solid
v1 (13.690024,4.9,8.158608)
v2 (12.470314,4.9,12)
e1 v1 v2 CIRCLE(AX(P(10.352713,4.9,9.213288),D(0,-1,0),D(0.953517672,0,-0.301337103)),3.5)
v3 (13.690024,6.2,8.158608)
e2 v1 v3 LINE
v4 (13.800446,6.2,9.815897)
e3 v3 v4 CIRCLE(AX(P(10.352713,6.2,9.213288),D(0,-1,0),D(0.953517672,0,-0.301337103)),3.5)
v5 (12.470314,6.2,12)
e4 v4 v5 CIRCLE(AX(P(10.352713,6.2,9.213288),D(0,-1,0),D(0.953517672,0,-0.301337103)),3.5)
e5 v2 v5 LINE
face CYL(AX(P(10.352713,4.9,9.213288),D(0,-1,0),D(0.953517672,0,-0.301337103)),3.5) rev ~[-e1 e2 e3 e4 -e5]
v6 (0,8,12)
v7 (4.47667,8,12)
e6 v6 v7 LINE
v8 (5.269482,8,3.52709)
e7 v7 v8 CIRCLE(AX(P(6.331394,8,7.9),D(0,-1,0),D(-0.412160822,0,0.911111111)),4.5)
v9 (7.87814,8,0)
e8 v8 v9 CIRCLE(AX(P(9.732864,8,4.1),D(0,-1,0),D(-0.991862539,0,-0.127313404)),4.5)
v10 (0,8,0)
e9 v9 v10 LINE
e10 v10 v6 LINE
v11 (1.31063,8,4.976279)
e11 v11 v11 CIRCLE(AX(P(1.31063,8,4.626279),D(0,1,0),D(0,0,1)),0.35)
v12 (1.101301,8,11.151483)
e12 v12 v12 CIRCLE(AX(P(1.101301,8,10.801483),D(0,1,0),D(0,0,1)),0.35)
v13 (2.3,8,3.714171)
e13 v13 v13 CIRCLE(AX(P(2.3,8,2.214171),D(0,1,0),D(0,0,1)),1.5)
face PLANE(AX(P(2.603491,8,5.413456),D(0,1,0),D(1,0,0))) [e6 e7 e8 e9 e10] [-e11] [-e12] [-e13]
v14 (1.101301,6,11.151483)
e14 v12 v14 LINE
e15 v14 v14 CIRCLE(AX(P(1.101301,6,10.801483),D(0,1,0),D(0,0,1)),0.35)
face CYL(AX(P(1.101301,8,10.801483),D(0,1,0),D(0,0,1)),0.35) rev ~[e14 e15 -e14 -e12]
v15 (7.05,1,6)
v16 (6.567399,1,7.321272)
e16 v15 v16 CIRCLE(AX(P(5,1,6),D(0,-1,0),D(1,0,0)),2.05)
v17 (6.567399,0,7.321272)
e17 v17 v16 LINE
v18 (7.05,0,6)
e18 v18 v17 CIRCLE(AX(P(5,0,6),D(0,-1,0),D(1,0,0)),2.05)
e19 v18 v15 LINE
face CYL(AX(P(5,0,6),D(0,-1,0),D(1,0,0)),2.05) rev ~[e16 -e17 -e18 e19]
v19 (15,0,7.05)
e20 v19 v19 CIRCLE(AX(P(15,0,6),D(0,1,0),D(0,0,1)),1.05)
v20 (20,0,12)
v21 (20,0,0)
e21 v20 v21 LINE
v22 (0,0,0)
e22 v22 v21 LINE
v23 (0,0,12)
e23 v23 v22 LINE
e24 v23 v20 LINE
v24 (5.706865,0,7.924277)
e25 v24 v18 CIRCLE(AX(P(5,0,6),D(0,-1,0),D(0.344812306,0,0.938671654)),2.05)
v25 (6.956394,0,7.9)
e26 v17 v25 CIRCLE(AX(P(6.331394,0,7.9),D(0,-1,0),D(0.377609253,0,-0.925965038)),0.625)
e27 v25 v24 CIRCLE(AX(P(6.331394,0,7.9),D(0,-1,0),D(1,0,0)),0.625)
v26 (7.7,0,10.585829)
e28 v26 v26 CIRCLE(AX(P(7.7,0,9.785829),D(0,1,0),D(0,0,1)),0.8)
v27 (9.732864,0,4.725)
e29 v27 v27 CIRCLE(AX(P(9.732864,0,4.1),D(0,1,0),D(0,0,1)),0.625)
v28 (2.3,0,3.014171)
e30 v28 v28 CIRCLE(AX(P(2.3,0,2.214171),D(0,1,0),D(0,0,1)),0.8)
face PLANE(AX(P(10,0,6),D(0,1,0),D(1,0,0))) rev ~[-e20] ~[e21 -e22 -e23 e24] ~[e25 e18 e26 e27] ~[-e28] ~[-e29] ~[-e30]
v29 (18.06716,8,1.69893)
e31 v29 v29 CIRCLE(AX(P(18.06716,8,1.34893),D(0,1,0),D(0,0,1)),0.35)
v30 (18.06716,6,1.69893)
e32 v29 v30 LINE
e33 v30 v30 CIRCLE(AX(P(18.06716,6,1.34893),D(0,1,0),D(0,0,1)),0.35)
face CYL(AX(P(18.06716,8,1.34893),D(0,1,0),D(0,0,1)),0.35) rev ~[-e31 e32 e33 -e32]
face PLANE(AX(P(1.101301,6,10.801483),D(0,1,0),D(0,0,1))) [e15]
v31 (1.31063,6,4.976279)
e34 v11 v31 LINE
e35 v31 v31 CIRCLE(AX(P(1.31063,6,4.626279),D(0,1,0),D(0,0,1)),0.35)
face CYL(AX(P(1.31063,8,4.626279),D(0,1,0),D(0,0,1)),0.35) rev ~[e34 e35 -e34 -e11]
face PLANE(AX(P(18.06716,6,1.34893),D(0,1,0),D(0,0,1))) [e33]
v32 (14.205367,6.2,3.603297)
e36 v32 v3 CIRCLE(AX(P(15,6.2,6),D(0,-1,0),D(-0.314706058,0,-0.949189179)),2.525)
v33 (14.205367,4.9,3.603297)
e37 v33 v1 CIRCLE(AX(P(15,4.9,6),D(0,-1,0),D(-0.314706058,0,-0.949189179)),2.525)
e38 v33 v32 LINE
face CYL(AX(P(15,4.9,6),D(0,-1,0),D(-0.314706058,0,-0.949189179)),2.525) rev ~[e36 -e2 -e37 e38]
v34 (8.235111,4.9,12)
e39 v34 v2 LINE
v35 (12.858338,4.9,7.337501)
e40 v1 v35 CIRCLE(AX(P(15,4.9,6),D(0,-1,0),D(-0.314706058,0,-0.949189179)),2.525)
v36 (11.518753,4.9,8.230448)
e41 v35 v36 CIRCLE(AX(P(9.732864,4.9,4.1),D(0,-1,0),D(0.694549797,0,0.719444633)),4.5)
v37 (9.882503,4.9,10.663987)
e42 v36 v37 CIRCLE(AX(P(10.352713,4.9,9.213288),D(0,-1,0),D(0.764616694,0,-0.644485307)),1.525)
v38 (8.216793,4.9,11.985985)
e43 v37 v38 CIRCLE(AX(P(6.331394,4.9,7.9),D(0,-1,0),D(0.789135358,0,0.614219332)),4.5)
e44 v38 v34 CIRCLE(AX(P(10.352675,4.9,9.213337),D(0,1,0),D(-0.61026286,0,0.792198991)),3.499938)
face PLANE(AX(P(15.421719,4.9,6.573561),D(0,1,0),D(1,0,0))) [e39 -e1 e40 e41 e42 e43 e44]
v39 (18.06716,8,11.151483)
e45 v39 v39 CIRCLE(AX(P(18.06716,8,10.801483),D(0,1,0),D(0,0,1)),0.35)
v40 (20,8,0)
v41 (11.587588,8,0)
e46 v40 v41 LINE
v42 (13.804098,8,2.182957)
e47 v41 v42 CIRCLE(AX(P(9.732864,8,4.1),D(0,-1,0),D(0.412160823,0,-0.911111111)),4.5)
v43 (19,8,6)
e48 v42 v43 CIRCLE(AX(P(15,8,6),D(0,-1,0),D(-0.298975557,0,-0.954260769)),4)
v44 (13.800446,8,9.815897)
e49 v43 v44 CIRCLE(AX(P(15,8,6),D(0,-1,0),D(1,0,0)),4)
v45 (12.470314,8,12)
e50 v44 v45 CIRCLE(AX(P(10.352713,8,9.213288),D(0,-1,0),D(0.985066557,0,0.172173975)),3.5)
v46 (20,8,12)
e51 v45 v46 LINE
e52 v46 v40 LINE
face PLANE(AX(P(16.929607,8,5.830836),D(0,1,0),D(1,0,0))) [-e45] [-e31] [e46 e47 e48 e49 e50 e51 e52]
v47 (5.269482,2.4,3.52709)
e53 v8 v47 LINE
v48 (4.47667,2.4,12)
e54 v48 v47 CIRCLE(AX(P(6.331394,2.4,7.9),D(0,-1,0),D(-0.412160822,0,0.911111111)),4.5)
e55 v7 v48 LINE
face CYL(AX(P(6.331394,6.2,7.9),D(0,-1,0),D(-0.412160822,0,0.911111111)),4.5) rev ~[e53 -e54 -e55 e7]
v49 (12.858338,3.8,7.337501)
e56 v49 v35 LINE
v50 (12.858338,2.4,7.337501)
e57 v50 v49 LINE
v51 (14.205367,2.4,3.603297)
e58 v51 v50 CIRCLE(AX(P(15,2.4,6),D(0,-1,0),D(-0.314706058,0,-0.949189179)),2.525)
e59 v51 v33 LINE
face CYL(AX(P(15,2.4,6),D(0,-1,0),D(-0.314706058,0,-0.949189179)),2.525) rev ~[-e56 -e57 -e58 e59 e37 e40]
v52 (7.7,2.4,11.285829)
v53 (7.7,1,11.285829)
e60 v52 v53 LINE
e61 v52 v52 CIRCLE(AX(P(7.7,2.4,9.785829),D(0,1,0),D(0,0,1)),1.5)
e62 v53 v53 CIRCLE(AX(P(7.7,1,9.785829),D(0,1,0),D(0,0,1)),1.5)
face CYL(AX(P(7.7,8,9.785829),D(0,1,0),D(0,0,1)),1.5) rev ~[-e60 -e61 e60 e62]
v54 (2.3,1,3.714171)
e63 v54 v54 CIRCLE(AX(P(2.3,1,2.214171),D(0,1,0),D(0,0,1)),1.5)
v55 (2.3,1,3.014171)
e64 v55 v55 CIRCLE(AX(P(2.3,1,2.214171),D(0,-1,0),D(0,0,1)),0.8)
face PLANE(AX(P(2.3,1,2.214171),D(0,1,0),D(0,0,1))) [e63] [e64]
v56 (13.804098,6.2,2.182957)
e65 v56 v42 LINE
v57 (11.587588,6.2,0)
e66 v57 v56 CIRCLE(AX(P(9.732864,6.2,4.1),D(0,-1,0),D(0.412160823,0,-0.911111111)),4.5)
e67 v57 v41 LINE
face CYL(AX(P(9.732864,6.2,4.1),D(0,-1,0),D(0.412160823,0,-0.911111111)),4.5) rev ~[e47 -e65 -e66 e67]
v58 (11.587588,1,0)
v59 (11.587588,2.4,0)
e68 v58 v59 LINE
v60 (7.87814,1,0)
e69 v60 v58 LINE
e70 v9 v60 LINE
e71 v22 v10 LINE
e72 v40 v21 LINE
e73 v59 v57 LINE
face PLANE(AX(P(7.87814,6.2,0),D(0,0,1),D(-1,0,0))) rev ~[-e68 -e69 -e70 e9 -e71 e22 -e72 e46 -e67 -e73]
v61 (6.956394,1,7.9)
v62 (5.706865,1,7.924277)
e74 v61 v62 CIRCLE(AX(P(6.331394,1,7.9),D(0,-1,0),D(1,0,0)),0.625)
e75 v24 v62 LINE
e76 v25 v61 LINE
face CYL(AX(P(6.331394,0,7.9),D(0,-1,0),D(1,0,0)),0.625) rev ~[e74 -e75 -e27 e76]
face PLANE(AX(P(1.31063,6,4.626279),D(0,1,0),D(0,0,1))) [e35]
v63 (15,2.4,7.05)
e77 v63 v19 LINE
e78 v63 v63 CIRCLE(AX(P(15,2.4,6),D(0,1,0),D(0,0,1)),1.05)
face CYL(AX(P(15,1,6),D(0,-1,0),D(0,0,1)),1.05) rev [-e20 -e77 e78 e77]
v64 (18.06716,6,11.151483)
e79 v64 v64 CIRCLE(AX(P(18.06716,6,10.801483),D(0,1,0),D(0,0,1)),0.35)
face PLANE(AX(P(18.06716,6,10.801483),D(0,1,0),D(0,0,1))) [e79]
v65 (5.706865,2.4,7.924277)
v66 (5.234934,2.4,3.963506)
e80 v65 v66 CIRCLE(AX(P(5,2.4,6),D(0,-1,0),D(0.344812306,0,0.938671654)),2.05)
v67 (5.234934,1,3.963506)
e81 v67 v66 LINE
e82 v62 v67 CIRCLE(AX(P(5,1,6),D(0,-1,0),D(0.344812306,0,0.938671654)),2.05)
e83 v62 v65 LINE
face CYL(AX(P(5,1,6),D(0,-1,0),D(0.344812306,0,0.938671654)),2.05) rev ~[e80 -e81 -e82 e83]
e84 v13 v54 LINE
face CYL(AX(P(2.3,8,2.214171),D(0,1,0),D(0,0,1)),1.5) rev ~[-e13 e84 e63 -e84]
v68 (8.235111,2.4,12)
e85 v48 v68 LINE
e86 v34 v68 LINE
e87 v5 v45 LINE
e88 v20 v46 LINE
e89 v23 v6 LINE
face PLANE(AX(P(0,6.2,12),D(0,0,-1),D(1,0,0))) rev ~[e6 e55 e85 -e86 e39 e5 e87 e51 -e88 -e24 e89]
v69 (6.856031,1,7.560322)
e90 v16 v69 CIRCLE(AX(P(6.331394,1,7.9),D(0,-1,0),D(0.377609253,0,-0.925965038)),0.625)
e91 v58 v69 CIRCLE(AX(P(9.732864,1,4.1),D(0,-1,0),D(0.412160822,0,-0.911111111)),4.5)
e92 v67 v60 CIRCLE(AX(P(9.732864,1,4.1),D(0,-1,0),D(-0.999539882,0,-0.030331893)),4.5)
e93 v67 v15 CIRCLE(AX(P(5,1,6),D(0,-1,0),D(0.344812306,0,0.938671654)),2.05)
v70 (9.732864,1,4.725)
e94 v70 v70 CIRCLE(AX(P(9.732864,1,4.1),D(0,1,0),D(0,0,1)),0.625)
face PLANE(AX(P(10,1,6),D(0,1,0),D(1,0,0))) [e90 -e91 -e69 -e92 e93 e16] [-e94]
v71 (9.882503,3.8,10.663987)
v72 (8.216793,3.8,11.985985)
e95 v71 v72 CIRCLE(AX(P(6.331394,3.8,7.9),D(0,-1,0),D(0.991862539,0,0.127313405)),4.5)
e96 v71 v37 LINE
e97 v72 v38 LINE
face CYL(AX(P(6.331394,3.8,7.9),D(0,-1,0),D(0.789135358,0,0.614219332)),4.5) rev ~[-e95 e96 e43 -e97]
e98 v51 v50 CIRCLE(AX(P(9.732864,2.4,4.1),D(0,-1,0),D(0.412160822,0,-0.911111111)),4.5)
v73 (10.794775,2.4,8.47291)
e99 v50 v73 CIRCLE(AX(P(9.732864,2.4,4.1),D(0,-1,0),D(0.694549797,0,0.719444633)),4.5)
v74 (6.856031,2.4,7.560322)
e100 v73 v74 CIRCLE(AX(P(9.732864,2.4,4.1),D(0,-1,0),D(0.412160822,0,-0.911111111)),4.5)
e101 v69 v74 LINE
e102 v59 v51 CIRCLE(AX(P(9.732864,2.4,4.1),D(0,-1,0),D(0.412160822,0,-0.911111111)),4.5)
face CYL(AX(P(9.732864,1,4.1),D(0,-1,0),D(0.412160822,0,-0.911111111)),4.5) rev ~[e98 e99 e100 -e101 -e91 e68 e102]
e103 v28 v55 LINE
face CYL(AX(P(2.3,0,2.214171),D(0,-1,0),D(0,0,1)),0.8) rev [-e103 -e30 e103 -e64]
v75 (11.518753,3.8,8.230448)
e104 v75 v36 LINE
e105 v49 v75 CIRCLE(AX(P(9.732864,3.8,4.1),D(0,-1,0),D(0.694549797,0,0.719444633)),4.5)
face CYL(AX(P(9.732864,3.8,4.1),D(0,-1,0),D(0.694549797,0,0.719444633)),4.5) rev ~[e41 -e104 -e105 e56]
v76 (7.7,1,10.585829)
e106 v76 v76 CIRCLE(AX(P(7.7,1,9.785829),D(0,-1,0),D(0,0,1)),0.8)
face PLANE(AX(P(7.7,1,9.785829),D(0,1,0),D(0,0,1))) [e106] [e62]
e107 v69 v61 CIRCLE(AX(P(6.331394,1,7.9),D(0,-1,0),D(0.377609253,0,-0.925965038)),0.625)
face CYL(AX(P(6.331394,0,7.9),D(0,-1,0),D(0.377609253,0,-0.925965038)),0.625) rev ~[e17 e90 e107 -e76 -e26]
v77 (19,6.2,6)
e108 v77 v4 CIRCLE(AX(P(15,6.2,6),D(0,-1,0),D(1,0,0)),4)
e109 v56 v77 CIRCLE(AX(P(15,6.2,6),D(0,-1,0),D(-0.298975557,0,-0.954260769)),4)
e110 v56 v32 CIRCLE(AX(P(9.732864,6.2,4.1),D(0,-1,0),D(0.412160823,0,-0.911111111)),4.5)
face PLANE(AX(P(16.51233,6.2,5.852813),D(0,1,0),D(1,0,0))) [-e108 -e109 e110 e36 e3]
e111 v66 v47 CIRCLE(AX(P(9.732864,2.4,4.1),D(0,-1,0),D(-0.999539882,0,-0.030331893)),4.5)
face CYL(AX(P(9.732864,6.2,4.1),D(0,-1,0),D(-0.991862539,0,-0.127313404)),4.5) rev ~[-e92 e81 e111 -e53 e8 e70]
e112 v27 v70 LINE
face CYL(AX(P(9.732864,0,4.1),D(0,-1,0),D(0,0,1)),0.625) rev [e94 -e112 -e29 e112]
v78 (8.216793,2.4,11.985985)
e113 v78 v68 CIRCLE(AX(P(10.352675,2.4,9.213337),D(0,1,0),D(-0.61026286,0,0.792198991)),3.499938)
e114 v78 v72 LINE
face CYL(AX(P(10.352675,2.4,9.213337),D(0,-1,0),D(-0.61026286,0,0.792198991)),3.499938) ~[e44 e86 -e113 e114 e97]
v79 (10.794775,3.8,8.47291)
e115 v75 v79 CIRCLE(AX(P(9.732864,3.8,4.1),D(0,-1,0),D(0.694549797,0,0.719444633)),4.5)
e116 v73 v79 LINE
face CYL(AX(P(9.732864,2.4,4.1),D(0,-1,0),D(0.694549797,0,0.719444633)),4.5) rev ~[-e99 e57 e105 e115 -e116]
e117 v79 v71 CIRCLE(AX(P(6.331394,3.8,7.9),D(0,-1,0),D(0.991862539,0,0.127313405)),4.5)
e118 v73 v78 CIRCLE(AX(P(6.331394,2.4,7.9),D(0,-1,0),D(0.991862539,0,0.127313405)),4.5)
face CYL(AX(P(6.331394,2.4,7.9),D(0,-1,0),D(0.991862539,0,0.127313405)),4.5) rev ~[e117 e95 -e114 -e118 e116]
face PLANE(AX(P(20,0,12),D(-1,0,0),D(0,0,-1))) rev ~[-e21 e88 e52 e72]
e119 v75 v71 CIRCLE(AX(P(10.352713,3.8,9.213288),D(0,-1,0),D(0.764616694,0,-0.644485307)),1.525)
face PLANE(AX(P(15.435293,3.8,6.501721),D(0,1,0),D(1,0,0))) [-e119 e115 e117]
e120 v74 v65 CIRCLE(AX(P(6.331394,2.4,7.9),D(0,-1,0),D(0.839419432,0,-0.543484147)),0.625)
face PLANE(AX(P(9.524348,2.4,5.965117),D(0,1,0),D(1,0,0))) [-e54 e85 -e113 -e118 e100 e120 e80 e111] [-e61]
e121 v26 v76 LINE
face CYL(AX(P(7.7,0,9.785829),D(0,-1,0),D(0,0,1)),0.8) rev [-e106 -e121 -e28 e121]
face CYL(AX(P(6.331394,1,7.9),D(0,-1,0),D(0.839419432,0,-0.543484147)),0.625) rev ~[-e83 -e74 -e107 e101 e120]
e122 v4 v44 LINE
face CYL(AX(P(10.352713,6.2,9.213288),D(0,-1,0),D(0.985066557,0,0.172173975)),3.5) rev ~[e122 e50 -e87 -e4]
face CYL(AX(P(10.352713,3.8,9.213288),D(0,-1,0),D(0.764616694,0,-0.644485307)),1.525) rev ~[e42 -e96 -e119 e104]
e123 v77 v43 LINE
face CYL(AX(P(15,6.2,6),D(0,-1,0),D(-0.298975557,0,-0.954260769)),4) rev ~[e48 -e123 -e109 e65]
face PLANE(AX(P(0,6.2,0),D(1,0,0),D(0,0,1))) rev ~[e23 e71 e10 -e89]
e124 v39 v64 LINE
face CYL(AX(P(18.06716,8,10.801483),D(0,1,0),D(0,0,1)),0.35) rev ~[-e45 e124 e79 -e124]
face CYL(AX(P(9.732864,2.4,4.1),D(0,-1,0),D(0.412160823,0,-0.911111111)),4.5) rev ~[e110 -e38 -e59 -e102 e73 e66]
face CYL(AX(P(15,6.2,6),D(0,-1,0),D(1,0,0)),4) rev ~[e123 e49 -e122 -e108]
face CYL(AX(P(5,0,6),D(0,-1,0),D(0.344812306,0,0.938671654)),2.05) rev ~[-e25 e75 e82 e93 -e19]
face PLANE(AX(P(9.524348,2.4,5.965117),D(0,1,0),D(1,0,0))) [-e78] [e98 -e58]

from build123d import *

# Parameters (mm, degrees)
SKETCH_1_W           = 20
SKETCH_1_H           = 12
SKETCH_1_R           = 0.625
SKETCH_1_R_2         = 1.05
EXTRUDE_1_DEPTH      = 1
SKETCH_3_R           = 1.05
EXTRUDE_5_DEPTH      = 1.4
EXTRUDE_START        = 1.4
EXTRUDE_6_DEPTH      = 1.4
EXTRUDE_START_2      = 2.8
EXTRUDE_7_DEPTH      = 1.1
EXTRUDE_START_3      = 3.9
EXTRUDE_8_DEPTH      = 1.3
EXTRUDE_START_4      = 5.2
EXTRUDE_9_DEPTH      = 1.8
SKETCH_5_R           = 0.8
CUT_EXTRUDE_9_DEPTH  = 25.657656012
CUT_EXTRUDE_START    = 8
SKETCH_5_7_R         = 1.5
CUT_EXTRUDE_10_DEPTH = 7
SKETCH_6_R           = 0.35
CUT_EXTRUDE_11_DEPTH = 2


with BuildPart() as part:
    # 草图1 → 凸台-拉伸1 (new body)
    with BuildSketch(Plane(origin=(0, 0, 0), x_dir=(1, 0, 0), z_dir=(0, 1, 0))):
        with Locations((10, -6)):
            Rectangle(SKETCH_1_W, SKETCH_1_H)
        with BuildLine():
            ThreePointArc((5.706865228, -7.92427689), (3.318992309, -4.826665802), (7.05, -6))
            ThreePointArc((7.05, -6), (6.925573765, -6.70332473), (6.567399341, -7.321271852))
            ThreePointArc((6.567399341, -7.321271852), (6.850107647, -7.55134445), (6.956393556, -7.9))
            ThreePointArc((6.956393556, -7.9), (6.343534292, -8.524882071), (5.706865228, -7.92427689))
        make_face(mode=Mode.SUBTRACT)
        with Locations(Location((9.732863826, -4.1, 0), (0, 0, 270))):
            Circle(SKETCH_1_R, mode=Mode.SUBTRACT)
        with Locations(Location((15, -6, 0), (0, 0, 270))):
            Circle(SKETCH_1_R_2, mode=Mode.SUBTRACT)
    extrude(amount=EXTRUDE_1_DEPTH)

    # 草图3 → 凸台-拉伸5 (add)
    with BuildSketch(Plane(origin=(0, 1, 0), x_dir=(1, 0, 0), z_dir=(0, 1, 0))):
        with BuildLine():
            Line((7.878140127, 0), (0, 0))
            Line((0, 0), (0, -12))
            Line((0, -12), (20, -12))
            Line((20, -12), (20, 0))
            Line((20, 0), (11.587587526, 0))
            ThreePointArc((11.587587526, 0), (13.547414344, -6.487300641), (6.856030701, -7.560322408))
            ThreePointArc((6.856030701, -7.560322408), (6.520100415, -8.495831118), (5.706865228, -7.92427689))
            ThreePointArc((5.706865228, -7.92427689), (2.964398818, -6.24254449), (5.234934356, -3.963506482))
            ThreePointArc((5.234934356, -3.963506482), (5.989016009, -1.60328145), (7.878140127, 0))
        make_face()
        with Locations(Location((15, -6, 0), (0, 0, 270))):
            Circle(SKETCH_3_R, mode=Mode.SUBTRACT)
    extrude(amount=EXTRUDE_5_DEPTH)

    # 草图3<11> → 凸台-拉伸6 (add)
    with BuildSketch(Plane(origin=(0, 1, 0), x_dir=(1, 0, 0), z_dir=(0, 1, 0)).offset(EXTRUDE_START)):
        with BuildLine():
            Line((7.878140127, 0), (0, 0))
            Line((0, 0), (0, -12))
            Line((0, -12), (4.476669857, -12))
            ThreePointArc((4.476669857, -12), (1.850964776, -7.48076505), (5.2694824, -3.527089677))
            ThreePointArc((5.2694824, -3.527089677), (6.1148943, -1.424126963), (7.878140127, 0))
        make_face()
        with BuildLine():
            Line((20, 0), (11.587587526, 0))
            ThreePointArc((11.587587526, 0), (13.37352153, -1.455078171), (14.205367203, -3.603297324))
            ThreePointArc((14.205367203, -3.603297324), (17.375189654, -6.856795836), (12.858337915, -7.337500846))
            ThreePointArc((12.858337915, -7.337500846), (11.902158059, -8.042608595), (10.794774983, -8.472910323))
            ThreePointArc((10.794774983, -8.472910323), (9.959364954, -10.562296665), (8.216792734, -11.985984574))
            ThreePointArc((8.216792734, -11.985984574), (8.225940362, -11.993007377), (8.235111081, -12))
            Line((8.235111081, -12), (20, -12))
            Line((20, -12), (20, 0))
        make_face()
    extrude(amount=EXTRUDE_6_DEPTH)

    # 草图3<12> → 凸台-拉伸7 (add)
    with BuildSketch(Plane(origin=(0, 1, 0), x_dir=(1, 0, 0), z_dir=(0, 1, 0)).offset(EXTRUDE_START_2)):
        with BuildLine():
            Line((7.878140127, 0), (0, 0))
            Line((0, 0), (0, -12))
            Line((0, -12), (4.476669857, -12))
            ThreePointArc((4.476669857, -12), (1.850964776, -7.48076505), (5.2694824, -3.527089677))
            ThreePointArc((5.2694824, -3.527089677), (6.1148943, -1.424126963), (7.878140127, 0))
        make_face()
        with BuildLine():
            Line((20, 0), (11.587587526, 0))
            ThreePointArc((11.587587526, 0), (13.37352153, -1.455078171), (14.205367203, -3.603297324))
            ThreePointArc((14.205367203, -3.603297324), (17.375189654, -6.856795836), (12.858337915, -7.337500846))
            ThreePointArc((12.858337915, -7.337500846), (12.228802722, -7.844367641), (11.518753038, -8.230447884))
            ThreePointArc((11.518753038, -8.230447884), (11.618245347, -10.06420032), (9.882502664, -10.663986994))
            ThreePointArc((9.882502664, -10.663986994), (9.128861159, -11.424794322), (8.216792734, -11.985984574))
            ThreePointArc((8.216792734, -11.985984574), (8.225940362, -11.993007377), (8.235111081, -12))
            Line((8.235111081, -12), (20, -12))
            Line((20, -12), (20, 0))
        make_face()
    extrude(amount=EXTRUDE_7_DEPTH)

    # 草图3<13> → 凸台-拉伸8 (add)
    with BuildSketch(Plane(origin=(0, 1, 0), x_dir=(1, 0, 0), z_dir=(0, 1, 0)).offset(EXTRUDE_START_3)):
        with BuildLine():
            Line((7.878140127, 0), (0, 0))
            Line((0, 0), (0, -12))
            Line((0, -12), (4.476669857, -12))
            ThreePointArc((4.476669857, -12), (1.850964776, -7.48076505), (5.2694824, -3.527089677))
            ThreePointArc((5.2694824, -3.527089677), (6.1148943, -1.424126963), (7.878140127, 0))
        make_face()
        with BuildLine():
            Line((20, 0), (11.587587526, 0))
            ThreePointArc((11.587587526, 0), (13.37352153, -1.455078171), (14.205367203, -3.603297324))
            ThreePointArc((14.205367203, -3.603297324), (17.508995457, -6.283842911), (13.690024431, -8.158608118))
            ThreePointArc((13.690024431, -8.158608118), (13.688592195, -10.272489181), (12.470314077, -12))
            Line((12.470314077, -12), (20, -12))
            Line((20, -12), (20, 0))
        make_face()
    extrude(amount=EXTRUDE_8_DEPTH)

    # 草图3<14> → 凸台-拉伸9 (add)
    with BuildSketch(Plane(origin=(0, 1, 0), x_dir=(1, 0, 0), z_dir=(0, 1, 0)).offset(EXTRUDE_START_4)):
        with BuildLine():
            Line((7.878140127, 0), (0, 0))
            Line((0, 0), (0, -12))
            Line((0, -12), (4.476669857, -12))
            ThreePointArc((4.476669857, -12), (1.850964776, -7.48076505), (5.2694824, -3.527089677))
            ThreePointArc((5.2694824, -3.527089677), (6.1148943, -1.424126963), (7.878140127, 0))
        make_face()
        with BuildLine():
            Line((20, 0), (11.587587526, 0))
            ThreePointArc((11.587587526, 0), (12.890484565, -0.893844784), (13.804097772, -2.182956922))
            ThreePointArc((13.804097772, -2.182956922), (17.368162905, -2.776367816), (19, -6))
            ThreePointArc((19, -6), (17.366620176, -9.224764943), (13.80044553, -9.81589689))
            ThreePointArc((13.80044553, -9.81589689), (13.341995684, -11.033778714), (12.470314077, -12))
            Line((12.470314077, -12), (20, -12))
            Line((20, -12), (20, 0))
        make_face()
    extrude(amount=EXTRUDE_9_DEPTH)

    # 草图5 → 切除-拉伸9 (cut, through all)
    with BuildSketch(Plane(origin=(0, 0, 0), x_dir=(1, 0, 0), z_dir=(0, 1, 0))):
        with Locations(Location((2.3, -2.214171161, 0), (0, 0, 270))):
            Circle(SKETCH_5_R)
        with Locations(Location((7.7, -9.785828839, 0), (0, 0, 270))):
            Circle(SKETCH_5_R)
    extrude(amount=CUT_EXTRUDE_9_DEPTH, mode=Mode.SUBTRACT)

    # 草图5<7> → 切除-拉伸10 (cut)
    with BuildSketch(Plane(origin=(0, 0, 0), x_dir=(1, 0, 0), z_dir=(0, 1, 0)).offset(CUT_EXTRUDE_START)):
        with Locations(Location((2.3, -2.214171161, 0), (0, 0, 270))):
            Circle(SKETCH_5_7_R)
        with Locations(Location((7.7, -9.785828839, 0), (0, 0, 270))):
            Circle(SKETCH_5_7_R)
    extrude(amount=-CUT_EXTRUDE_10_DEPTH, mode=Mode.SUBTRACT)

    # 草图6 → 切除-拉伸11 (cut)
    with BuildSketch(Plane(origin=(0, 8, 0), x_dir=(1, 0, 0), z_dir=(0, 1, 0))):
        with Locations(Location((18.067159924, -1.34892989, 0), (0, 0, 270))):
            Circle(SKETCH_6_R)
        with Locations(Location((18.067159924, -10.801482832, 0), (0, 0, 270))):
            Circle(SKETCH_6_R)
        with Locations(Location((1.310630289, -4.626278754, 0), (0, 0, 270))):
            Circle(SKETCH_6_R)
        with Locations(Location((1.101301337, -10.801482832, 0), (0, 0, 270))):
            Circle(SKETCH_6_R)
    extrude(amount=-CUT_EXTRUDE_11_DEPTH, mode=Mode.SUBTRACT)


solid = part.part
